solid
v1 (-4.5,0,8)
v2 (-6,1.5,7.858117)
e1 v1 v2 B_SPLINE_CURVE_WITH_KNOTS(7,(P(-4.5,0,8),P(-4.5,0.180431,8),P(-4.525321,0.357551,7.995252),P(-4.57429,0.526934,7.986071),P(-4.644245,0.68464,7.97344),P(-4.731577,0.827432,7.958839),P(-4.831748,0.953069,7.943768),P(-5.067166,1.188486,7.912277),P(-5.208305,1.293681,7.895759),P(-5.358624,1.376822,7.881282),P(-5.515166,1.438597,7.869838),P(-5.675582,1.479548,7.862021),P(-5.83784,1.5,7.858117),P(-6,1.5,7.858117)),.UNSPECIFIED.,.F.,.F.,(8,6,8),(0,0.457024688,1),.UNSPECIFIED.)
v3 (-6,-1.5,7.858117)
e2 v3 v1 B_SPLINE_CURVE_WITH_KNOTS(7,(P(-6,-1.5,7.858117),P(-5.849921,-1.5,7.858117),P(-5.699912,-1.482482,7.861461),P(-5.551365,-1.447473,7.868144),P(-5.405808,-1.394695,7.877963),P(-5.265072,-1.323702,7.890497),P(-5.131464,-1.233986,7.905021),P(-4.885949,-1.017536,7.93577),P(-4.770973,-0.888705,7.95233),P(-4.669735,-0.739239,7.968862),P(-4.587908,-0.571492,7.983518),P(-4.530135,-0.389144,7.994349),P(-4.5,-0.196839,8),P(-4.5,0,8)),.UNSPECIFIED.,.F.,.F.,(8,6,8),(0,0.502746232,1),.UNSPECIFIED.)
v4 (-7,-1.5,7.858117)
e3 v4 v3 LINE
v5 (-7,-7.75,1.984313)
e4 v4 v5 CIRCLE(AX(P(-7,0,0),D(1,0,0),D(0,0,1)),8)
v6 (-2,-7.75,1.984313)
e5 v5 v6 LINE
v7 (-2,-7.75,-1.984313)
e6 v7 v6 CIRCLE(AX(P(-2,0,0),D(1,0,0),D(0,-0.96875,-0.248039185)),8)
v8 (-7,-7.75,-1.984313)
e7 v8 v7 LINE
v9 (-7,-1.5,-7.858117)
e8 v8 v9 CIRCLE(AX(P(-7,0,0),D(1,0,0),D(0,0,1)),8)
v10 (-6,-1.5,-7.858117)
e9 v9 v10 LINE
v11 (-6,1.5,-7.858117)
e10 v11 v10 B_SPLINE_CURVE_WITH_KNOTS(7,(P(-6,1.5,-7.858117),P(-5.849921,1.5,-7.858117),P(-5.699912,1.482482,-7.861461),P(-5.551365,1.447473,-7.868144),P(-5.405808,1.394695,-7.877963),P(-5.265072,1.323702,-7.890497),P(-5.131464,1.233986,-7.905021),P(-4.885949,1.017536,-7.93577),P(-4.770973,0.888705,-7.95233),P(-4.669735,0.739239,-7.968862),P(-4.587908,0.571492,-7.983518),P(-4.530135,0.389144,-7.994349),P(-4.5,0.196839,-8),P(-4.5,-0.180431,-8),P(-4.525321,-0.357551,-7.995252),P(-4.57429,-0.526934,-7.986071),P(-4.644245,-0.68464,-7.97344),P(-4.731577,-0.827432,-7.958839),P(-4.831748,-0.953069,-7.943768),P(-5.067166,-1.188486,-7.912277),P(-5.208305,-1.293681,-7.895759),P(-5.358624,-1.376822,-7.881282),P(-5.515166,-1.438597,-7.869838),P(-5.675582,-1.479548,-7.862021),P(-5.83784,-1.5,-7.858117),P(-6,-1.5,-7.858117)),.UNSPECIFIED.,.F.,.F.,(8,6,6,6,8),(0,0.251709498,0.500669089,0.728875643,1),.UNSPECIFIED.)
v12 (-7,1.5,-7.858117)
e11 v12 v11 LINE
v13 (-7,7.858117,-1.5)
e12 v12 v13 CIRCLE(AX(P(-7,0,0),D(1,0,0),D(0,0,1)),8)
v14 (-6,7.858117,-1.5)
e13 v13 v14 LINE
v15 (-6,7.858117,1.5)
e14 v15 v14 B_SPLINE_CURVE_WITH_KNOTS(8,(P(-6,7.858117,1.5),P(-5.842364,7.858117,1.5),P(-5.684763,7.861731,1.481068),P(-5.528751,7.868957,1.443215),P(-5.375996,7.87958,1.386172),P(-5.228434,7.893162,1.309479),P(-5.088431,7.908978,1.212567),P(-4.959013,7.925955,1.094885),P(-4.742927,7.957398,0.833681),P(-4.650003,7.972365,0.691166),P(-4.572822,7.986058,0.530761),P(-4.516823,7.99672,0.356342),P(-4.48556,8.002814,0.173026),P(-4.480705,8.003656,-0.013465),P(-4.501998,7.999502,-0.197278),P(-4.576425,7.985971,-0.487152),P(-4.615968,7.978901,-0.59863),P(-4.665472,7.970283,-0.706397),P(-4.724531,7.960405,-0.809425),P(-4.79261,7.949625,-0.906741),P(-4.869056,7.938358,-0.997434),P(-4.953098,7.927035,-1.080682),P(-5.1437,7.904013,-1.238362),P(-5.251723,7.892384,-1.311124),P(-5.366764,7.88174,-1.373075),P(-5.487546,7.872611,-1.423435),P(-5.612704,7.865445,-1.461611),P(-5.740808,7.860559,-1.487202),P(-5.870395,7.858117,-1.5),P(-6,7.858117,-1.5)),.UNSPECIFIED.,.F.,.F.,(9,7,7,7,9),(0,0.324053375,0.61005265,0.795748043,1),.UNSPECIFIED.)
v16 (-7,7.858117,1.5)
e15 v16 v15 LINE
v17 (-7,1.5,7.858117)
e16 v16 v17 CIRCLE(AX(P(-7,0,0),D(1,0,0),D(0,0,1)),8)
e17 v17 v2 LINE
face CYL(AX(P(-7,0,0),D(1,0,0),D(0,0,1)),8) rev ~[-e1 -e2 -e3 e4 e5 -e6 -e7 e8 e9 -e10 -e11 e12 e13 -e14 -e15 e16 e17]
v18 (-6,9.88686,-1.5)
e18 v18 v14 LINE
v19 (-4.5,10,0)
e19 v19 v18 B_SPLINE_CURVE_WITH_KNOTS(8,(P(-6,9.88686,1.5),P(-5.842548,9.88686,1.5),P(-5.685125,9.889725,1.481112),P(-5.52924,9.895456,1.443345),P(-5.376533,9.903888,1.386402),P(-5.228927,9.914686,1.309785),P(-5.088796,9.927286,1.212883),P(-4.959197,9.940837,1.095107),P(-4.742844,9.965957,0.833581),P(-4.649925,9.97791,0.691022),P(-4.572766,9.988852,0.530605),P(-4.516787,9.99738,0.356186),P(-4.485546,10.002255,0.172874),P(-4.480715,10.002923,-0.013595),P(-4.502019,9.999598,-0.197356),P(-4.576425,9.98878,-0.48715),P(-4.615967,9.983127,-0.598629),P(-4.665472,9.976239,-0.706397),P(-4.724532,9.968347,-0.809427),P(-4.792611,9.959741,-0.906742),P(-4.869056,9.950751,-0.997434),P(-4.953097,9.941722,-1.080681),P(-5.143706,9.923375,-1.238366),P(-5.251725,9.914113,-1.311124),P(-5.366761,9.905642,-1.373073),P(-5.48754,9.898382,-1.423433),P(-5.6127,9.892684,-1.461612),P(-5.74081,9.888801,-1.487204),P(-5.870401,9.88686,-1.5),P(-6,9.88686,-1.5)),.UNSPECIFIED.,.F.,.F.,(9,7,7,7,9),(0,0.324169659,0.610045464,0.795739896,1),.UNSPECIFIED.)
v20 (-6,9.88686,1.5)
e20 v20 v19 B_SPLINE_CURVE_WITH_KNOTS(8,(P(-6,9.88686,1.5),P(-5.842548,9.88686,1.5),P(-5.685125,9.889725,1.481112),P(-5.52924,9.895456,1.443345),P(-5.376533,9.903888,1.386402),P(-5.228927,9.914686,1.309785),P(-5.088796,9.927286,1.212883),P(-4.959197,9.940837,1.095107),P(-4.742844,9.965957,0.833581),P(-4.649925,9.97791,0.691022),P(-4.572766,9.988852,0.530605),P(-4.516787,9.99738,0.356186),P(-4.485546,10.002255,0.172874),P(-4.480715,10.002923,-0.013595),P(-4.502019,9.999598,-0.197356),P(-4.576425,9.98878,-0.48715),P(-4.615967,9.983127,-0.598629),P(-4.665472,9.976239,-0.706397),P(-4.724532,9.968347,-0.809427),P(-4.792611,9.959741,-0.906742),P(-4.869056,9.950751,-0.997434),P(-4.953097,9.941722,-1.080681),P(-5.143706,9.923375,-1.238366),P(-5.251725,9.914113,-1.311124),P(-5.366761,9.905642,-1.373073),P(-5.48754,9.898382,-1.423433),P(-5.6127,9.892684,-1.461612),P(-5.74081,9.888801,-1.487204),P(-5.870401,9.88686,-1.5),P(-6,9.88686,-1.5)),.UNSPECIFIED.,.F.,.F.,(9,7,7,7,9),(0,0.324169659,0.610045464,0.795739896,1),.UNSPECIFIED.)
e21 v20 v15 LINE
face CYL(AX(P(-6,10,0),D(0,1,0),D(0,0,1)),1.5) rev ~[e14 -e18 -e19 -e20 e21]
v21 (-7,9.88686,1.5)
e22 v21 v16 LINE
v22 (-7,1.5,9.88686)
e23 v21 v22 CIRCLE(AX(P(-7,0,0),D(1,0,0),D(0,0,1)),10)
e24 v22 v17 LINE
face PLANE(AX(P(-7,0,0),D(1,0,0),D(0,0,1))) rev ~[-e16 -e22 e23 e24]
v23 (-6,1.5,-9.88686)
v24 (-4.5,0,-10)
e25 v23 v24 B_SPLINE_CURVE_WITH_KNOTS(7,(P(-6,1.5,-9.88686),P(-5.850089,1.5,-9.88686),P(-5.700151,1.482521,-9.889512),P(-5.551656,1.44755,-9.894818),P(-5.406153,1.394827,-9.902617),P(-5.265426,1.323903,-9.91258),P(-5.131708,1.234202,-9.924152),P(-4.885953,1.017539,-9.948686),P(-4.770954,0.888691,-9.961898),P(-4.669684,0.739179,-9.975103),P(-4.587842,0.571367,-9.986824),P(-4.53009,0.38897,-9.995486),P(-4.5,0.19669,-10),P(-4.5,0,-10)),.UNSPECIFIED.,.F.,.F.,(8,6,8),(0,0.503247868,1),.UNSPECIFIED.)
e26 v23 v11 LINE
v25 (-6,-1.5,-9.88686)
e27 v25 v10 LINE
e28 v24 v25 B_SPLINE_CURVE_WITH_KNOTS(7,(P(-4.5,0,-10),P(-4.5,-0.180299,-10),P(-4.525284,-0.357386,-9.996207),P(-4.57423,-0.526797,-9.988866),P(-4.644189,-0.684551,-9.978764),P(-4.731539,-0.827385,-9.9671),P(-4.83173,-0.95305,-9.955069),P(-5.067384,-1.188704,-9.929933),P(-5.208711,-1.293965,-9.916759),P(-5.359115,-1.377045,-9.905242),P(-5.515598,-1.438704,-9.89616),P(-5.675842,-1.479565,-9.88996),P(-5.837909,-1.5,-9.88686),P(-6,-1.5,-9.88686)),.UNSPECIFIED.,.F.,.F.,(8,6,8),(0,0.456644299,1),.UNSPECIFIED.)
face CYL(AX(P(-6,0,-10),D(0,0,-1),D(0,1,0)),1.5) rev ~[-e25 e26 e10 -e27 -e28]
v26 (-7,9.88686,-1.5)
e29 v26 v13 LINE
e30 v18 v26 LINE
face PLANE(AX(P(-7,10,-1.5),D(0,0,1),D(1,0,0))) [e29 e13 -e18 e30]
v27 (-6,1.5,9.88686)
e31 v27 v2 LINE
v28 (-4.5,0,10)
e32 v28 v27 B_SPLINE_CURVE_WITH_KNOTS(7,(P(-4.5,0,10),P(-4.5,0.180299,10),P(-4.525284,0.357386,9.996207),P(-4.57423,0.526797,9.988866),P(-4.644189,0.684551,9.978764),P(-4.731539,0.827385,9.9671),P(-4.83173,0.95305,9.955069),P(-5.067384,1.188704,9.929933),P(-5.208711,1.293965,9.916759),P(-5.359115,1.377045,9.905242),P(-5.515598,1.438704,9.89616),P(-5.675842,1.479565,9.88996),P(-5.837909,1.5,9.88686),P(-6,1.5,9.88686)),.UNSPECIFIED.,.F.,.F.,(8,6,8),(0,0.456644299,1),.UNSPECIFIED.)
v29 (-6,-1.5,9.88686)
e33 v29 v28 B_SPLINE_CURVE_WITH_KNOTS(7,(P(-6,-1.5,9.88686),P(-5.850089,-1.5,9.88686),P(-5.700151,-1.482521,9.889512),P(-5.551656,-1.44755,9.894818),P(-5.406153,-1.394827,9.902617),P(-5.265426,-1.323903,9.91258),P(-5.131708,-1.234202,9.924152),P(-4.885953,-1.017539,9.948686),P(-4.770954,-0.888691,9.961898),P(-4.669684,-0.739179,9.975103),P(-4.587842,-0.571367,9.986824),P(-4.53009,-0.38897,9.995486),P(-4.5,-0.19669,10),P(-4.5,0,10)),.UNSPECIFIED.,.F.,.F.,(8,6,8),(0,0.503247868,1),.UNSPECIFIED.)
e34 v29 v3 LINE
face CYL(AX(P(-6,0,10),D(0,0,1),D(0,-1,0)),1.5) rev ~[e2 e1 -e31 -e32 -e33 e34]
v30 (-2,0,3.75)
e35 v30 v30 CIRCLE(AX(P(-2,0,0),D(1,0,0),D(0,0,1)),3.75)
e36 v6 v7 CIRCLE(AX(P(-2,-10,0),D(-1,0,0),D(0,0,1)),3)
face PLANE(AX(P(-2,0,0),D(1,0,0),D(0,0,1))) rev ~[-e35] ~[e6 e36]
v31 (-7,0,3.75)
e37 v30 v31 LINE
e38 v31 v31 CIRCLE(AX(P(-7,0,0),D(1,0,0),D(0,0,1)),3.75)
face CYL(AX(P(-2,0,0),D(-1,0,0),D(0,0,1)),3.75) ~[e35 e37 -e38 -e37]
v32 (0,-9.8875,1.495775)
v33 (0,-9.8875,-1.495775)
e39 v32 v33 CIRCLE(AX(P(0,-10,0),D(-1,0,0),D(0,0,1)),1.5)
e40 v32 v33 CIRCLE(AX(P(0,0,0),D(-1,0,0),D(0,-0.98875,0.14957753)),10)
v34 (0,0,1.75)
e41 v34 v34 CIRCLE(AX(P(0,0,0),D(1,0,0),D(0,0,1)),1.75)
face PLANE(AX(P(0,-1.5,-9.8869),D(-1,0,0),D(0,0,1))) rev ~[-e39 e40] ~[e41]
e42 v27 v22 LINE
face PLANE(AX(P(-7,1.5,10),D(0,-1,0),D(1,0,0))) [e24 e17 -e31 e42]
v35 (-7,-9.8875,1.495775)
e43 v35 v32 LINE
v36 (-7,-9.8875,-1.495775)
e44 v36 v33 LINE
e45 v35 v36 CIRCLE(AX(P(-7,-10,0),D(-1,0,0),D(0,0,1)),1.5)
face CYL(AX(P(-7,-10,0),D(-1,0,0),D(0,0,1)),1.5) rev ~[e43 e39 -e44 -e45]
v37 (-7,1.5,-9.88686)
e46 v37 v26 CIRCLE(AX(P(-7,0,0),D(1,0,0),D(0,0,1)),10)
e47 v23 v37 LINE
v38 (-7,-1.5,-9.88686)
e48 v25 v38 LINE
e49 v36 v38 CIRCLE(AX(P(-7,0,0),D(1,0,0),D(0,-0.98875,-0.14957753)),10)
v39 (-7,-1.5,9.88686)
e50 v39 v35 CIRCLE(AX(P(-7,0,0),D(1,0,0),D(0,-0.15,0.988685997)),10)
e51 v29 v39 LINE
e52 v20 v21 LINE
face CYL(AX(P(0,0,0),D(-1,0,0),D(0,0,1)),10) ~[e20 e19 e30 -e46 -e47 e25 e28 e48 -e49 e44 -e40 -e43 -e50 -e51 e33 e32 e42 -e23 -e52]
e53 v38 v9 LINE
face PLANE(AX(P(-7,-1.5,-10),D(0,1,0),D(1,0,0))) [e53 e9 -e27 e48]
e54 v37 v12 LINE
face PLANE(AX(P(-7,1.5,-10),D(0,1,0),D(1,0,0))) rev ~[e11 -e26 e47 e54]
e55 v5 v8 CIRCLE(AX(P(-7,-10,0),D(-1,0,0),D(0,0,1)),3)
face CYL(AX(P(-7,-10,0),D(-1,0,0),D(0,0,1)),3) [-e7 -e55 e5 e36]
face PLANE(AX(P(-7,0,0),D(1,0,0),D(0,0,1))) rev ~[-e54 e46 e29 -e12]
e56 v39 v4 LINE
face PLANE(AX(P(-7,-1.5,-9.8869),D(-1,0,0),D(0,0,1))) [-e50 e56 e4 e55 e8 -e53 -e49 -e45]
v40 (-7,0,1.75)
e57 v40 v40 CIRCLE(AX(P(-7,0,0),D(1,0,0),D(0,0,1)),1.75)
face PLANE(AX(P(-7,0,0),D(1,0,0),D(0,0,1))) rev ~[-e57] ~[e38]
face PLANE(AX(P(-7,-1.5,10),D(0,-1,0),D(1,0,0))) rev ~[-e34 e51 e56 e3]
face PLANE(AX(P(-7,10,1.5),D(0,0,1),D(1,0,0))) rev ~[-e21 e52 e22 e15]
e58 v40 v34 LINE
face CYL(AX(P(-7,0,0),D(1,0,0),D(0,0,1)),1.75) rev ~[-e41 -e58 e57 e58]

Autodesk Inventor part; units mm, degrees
ref_plane "YZ Plane" through (0, 0, 0) normal (1, 0, 0) x (0, 1, 0)
ref_plane "XY Plane" through (0, 0, 0) normal (0, 0, 1) x (1, 0, 0)
sketch "Эскиз1" plane through (0, 0, 0) normal (0, 1, 0) x (-1, 0, 0)
  line L0 (5.6588, 0) -> (-7.527, 0) construction
  line L1 (0, 0) -> (0, 1.75) construction
  line L2 (0, 1.75) -> (0, 10)
  line L3 (0, 10) -> (7, 10)
  line L4 (7, 10) -> (7, 8)
  line L5 (7, 8) -> (2, 8)
  line L6 (2, 8) -> (2, 3.75)
  line L7 (2, 3.75) -> (7, 3.75)
  line L8 (7, 3.75) -> (7, 1.75)
  line L9 (7, 1.75) -> (0, 1.75)
  dimension "d0" = 1.75
  dimension "d1" = 8.25
  dimension "d2" = 7
  dimension "d3" = 2
  dimension "d4" = 5
  dimension "d5" = 4.25
  dimension "d6" = 2
revolve "Вращение1" add sketch "Эскиз1" angle 360 about axis through (-5.6588, 0, 0) along (1, 0, 0)
ref_plane "РабПлоскость1" through (0, 10, 0) normal (0, 1, 0) x (-1, 0, 0)
sketch "Эскиз3" plane through (0, 10, 0) normal (0, 1, 0) x (-1, 0, 0)
  line L0 (7, -3.75) -> (7, 3.75) construction
  line L1 (7, 0) -> (7, 1.5) construction
  line L2 (7, 1.5) -> (6, 1.5)
  line L3 (7, 0) -> (7, -1.5) construction
  line L4 (7, -1.5) -> (6, -1.5)
  arc A0 (6, 1.5) -> (6, -1.5) centre (6, 0) ccw
  line L5 (7, 1.5) -> (7, -1.5)
  point P0 (0, 0)
  dimension "d12" = 1.5
  dimension "d13" = 1
  dimension "d14" = 1.5
  dimension "d15" = 1
extrude "Выдавливание1" cut sketch "Эскиз3" against normal blind 2.5
sketch "Эскиз4" plane through (-7, 0, 0) normal (-1, 0, 0) x (0, 0, 1)
  point P0 (0, 0)
  point P1 (0, 0)
pattern_circular "Круговой массив1" count 2 over 90 about axis through (-3.5, 0, 0) along (-1, 0, 0) of "Выдавливание1"
pattern_circular "Круговой массив2" count 2 over 90 about axis through (-3.5, 0, 0) along (1, 0, 0) of "Выдавливание1"
sketch "Эскиз5" plane through (-7, -1.5, -9.8869) normal (-1, 0, 0) x (0, 0, 1)
  line L0 (9.8869, 1.5) -> (9.8869, -10.507) construction
  arc A0 (0, 0) -> (19.7737, 0) centre (9.8869, 1.5) ccw projected
  arc A1 (11.3838, -8.4049) -> (8.3911, -8.3878) centre (9.8869, -8.5) ccw
  point P0 (11.3826, -8.3875)
  point P1 (8.3911, -8.3875)
  dimension "d24" = 1.5
extrude "Выдавливание2" cut sketch "Эскиз5" against normal blind 7
sketch "Эскиз7" plane through (-7, -1.5, -9.8869) normal (-1, 0, 0) x (0, 0, 1)
  circle A0 centre (9.8869, -8.5) radius 3
  point P0 (9.8869, 1.5)
  dimension "d28" = 6
extrude "Выдавливание3" add sketch "Эскиз7" against normal blind 7
sketch "Эскиз8" plane through (-7, -1.5, -9.8869) normal (-1, 0, 0) x (0, 0, 1)
  circle A0 centre (9.8869, 1.5) radius 10
  dimension "d31" = 20
extrude "Выдавливание4" cut sketch "Эскиз8" against normal blind 7 keep common part
sketch "Эскиз9" plane through (-7, -1.5, -9.8869) normal (-1, 0, 0) x (0, 0, 1)
  circle A0 centre (9.8869, 1.5) radius 10 projected
  circle A1 centre (9.8869, -8.5) radius 1.5
  point P0 (11.3826, -8.3875)
  point P1 (8.3911, -8.3875)
  dimension "d34" = 3
extrude "Выдавливание5" cut sketch "Эскиз9" against normal blind 7 contours A1 A0 picked at (9.8869, -7.9917)
properties part number "Сердечник"
